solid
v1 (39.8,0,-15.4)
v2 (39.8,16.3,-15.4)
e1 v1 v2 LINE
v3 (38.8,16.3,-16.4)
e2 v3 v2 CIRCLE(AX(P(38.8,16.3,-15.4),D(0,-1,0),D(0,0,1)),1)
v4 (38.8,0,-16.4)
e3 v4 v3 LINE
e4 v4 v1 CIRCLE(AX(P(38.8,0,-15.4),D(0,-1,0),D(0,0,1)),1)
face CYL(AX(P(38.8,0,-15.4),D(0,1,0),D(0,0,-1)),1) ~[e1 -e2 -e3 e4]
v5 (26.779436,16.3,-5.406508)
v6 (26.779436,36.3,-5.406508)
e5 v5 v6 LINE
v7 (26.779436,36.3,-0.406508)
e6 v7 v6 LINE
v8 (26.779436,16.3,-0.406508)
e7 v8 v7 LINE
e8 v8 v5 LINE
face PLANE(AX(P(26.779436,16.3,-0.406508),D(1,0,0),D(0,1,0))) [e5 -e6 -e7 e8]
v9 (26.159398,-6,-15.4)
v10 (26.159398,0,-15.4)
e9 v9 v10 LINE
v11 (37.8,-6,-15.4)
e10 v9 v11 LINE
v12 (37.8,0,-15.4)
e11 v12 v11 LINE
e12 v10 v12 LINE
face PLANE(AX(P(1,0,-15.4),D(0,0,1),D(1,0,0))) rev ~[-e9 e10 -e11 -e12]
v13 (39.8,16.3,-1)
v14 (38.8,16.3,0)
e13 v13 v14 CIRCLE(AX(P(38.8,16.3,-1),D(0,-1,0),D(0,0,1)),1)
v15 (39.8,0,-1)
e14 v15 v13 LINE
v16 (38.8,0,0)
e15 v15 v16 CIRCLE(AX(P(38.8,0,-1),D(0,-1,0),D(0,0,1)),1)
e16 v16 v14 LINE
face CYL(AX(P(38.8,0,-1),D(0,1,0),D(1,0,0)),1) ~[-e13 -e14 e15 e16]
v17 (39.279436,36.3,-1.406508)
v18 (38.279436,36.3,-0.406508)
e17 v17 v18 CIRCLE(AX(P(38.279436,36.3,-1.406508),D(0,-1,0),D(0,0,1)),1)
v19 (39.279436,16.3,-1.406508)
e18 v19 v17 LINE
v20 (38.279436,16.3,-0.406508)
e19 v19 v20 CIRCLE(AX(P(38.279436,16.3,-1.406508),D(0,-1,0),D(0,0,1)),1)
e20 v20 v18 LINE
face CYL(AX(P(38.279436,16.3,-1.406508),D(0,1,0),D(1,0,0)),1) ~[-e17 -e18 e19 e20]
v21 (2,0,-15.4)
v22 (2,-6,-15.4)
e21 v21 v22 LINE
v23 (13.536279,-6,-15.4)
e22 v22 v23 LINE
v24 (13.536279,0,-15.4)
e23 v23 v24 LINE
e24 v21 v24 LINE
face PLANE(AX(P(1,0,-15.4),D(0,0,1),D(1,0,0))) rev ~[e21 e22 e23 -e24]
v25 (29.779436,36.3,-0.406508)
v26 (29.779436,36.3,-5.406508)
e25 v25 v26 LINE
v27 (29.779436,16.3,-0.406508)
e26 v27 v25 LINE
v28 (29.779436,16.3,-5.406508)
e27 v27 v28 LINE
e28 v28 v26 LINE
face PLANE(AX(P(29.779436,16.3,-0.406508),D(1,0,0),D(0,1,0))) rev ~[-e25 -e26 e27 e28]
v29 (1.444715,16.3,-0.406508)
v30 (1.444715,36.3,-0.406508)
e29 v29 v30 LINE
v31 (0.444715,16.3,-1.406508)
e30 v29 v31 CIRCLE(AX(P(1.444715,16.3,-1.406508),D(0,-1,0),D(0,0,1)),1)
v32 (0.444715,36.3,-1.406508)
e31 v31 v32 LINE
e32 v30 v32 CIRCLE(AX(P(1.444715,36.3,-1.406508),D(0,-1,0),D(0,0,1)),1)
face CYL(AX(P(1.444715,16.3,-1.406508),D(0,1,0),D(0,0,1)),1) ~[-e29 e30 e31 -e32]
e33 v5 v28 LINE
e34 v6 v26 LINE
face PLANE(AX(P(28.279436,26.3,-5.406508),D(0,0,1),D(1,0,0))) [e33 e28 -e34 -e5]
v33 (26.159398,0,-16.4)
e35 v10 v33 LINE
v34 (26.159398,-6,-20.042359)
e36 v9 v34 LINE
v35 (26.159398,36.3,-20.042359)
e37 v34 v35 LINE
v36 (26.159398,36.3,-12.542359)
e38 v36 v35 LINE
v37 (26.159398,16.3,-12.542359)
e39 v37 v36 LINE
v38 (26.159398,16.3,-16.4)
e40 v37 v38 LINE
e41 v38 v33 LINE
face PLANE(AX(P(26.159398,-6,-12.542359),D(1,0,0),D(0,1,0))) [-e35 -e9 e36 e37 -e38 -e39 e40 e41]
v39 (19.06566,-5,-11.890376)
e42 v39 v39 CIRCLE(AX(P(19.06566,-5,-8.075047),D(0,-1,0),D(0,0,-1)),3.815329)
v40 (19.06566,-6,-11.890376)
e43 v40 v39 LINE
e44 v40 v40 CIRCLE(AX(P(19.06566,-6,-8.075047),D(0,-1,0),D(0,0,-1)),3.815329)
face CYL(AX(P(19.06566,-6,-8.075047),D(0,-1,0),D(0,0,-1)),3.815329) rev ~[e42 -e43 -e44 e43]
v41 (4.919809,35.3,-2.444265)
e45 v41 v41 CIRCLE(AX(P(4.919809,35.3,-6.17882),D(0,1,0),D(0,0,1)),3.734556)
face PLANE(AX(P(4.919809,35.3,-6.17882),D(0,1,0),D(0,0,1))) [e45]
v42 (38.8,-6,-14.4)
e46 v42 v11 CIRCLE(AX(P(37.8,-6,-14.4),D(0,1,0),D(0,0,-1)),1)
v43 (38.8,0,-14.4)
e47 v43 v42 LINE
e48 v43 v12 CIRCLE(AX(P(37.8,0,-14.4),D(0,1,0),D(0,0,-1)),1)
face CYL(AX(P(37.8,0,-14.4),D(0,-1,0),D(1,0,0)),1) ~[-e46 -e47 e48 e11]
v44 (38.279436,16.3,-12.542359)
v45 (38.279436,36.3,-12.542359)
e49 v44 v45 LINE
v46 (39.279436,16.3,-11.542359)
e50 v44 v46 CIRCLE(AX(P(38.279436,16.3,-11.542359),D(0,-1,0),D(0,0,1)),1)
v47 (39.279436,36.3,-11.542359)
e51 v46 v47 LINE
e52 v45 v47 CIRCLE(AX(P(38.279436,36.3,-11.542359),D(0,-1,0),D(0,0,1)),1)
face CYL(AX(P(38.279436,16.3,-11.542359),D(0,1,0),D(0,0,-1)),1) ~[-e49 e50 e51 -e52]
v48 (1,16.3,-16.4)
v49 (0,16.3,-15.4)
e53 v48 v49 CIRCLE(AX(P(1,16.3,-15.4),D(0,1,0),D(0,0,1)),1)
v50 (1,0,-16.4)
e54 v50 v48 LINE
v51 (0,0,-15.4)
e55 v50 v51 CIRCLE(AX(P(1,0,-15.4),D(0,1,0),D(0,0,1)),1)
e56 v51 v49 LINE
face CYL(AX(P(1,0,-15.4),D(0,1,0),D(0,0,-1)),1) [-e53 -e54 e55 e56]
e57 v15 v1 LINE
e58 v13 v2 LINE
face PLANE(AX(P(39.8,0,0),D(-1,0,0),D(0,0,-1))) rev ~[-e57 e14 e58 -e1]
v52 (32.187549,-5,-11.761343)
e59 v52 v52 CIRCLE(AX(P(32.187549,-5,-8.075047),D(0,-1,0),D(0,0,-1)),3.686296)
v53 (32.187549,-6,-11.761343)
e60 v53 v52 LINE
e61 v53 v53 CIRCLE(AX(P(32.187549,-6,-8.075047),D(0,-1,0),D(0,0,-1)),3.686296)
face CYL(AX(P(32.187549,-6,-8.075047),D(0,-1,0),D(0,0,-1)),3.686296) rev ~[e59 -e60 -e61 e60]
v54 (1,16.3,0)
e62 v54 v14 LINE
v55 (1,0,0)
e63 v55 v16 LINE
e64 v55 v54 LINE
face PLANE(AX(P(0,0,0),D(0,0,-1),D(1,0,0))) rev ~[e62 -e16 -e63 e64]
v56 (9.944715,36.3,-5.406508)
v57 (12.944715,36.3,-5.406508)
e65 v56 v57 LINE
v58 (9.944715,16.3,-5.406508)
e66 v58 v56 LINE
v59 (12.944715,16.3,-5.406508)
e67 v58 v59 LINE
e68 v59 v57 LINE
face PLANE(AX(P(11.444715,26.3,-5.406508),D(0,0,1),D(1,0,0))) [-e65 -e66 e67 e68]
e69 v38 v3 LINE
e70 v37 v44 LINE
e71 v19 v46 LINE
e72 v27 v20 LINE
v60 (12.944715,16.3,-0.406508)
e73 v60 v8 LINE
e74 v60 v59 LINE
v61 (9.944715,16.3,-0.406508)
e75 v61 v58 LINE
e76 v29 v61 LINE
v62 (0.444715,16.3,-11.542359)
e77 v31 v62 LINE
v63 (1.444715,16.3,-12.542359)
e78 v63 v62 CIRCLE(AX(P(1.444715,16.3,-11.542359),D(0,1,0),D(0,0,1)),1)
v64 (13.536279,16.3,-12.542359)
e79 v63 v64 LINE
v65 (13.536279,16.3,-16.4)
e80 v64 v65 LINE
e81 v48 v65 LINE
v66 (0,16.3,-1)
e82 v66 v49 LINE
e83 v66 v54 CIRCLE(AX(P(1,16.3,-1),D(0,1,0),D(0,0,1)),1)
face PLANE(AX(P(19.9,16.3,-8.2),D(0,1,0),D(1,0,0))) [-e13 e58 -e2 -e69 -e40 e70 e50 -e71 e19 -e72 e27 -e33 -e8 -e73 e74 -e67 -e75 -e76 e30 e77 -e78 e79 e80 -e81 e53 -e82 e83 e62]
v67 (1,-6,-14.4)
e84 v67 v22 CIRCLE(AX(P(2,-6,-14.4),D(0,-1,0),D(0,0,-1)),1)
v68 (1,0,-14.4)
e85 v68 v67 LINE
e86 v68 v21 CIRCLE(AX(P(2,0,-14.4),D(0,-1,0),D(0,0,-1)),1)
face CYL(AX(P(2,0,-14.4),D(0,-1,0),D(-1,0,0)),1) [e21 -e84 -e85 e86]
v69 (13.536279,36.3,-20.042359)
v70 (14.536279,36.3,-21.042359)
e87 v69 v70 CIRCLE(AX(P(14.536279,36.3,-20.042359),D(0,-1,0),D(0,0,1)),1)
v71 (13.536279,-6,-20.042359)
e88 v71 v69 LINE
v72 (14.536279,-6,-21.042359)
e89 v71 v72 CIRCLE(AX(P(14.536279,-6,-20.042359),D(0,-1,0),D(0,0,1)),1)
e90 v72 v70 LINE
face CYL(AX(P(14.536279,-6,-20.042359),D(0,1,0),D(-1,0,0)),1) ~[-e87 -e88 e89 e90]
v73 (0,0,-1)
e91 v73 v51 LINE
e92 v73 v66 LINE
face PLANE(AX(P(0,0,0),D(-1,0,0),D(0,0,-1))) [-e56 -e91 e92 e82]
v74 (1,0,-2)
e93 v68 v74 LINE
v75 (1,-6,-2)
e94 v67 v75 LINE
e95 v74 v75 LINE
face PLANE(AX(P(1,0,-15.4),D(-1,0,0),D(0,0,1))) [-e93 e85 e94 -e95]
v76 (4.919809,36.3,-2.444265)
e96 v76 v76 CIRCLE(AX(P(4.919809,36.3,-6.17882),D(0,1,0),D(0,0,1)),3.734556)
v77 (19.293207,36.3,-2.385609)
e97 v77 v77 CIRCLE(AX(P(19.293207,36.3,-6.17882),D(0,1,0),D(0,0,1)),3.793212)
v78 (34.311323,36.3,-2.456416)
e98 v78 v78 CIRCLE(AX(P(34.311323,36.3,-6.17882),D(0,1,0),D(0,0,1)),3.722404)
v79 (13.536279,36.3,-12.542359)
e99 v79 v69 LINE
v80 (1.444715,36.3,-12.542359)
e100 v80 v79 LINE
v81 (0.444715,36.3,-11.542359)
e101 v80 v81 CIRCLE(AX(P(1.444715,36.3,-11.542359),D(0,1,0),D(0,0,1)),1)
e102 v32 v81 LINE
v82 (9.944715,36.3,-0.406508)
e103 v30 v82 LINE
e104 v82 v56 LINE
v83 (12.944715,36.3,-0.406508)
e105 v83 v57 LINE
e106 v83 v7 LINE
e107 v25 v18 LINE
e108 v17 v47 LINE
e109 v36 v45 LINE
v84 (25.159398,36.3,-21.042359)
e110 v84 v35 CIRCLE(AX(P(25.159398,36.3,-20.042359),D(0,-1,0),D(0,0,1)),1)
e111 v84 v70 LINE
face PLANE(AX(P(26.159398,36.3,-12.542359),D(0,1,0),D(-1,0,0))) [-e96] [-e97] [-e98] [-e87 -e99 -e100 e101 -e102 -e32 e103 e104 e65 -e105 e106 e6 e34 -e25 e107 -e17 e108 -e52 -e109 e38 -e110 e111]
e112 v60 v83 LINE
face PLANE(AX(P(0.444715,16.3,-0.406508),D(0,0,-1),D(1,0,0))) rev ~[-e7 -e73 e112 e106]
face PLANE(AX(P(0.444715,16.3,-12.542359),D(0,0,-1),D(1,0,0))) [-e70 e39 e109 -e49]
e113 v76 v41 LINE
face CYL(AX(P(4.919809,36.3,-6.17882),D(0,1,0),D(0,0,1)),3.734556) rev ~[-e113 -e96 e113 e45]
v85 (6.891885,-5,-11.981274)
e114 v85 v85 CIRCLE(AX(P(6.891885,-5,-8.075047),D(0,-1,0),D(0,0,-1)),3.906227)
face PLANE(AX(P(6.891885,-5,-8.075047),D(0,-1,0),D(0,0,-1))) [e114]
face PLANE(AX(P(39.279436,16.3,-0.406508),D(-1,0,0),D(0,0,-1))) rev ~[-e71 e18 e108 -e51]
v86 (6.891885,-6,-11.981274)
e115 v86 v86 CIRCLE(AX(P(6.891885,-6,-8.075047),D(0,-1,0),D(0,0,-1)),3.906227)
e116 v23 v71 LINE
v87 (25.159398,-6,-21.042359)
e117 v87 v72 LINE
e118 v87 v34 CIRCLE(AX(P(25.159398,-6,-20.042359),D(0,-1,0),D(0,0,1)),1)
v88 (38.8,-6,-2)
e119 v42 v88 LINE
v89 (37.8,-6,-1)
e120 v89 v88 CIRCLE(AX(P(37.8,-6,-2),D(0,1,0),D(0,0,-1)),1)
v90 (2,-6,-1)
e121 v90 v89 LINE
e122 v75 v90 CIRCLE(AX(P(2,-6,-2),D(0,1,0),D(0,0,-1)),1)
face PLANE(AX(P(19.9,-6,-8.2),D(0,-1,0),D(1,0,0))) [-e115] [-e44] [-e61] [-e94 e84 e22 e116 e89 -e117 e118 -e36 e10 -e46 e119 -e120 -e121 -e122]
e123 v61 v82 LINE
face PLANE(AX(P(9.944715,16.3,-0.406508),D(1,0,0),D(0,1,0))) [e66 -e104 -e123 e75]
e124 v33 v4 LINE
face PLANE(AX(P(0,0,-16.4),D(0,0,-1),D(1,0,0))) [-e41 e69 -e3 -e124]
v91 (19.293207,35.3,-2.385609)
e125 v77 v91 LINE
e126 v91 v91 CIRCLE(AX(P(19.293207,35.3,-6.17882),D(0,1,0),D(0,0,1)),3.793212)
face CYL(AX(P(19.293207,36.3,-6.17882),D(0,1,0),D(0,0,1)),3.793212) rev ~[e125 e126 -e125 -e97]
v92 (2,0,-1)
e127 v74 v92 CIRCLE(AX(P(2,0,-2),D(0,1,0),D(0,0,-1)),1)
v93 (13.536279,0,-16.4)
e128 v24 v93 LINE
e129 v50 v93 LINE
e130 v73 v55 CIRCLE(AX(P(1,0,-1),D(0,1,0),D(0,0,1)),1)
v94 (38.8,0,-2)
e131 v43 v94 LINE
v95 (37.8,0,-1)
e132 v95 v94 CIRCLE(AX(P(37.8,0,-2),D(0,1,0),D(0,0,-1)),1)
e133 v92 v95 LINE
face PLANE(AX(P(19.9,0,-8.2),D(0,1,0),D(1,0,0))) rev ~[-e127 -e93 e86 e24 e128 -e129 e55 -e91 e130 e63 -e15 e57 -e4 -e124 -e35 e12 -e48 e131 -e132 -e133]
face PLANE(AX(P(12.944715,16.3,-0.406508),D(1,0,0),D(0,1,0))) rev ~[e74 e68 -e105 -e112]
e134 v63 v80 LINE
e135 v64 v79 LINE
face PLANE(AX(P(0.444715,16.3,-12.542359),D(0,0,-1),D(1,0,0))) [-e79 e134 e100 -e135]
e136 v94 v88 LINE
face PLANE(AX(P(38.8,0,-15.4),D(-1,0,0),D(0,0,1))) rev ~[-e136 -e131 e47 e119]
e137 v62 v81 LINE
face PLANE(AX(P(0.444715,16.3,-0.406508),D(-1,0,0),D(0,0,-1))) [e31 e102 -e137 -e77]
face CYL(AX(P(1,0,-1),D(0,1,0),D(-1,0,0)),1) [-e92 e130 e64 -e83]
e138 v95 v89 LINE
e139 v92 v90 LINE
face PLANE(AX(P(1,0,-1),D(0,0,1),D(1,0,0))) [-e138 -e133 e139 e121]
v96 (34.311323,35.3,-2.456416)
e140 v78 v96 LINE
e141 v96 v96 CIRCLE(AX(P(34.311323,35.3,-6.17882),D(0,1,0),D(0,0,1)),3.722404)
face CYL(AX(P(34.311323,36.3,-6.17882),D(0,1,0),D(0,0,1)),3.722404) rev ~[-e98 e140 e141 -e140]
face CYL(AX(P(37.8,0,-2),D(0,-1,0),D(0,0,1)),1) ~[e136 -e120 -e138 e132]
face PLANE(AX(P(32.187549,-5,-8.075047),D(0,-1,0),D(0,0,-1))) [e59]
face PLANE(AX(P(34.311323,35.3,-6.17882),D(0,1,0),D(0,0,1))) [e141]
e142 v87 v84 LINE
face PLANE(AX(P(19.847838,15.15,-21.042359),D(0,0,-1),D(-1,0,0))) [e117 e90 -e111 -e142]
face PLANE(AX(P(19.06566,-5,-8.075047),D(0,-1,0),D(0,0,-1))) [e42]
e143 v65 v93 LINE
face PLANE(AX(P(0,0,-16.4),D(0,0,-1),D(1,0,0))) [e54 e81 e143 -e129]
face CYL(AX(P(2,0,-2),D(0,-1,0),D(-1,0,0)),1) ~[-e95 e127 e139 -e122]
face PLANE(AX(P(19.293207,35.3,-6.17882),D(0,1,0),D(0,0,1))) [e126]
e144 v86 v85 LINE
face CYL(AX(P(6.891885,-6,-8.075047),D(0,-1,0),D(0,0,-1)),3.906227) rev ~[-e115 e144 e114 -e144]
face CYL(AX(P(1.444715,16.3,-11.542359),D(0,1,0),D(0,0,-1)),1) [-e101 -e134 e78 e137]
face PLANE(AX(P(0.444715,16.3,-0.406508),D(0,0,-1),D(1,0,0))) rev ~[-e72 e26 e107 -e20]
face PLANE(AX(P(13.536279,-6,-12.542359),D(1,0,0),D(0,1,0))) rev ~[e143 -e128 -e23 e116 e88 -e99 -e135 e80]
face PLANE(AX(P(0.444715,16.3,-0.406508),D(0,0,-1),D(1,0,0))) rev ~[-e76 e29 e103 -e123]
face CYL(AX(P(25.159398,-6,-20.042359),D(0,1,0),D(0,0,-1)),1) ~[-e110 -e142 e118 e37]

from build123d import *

# Parameters (mm, degrees)
SKETCH_1_W          = 39.8
SKETCH_1_H          = 16.4
EXTRUDE_1_DEPTH     = 16.3
SKETCH_2_W          = 37.8
SKETCH_2_H          = 14.4
EXTRUDE_2_DEPTH     = 6
SKETCH_3_W          = 38.834721862
SKETCH_3_H          = 12.135850582
EXTRUDE_3_DEPTH     = 20
SKETCH_4_W          = 12.623118615
SKETCH_4_H          = 42.3
EXTRUDE_4_DEPTH     = 8.5
SKETCH_5_W          = 3
SKETCH_5_H          = 20
CUT_EXTRUDE_2_DEPTH = 5
SKETCH_6_R          = 3.734555691
SKETCH_6_R_2        = 3.793211722
SKETCH_6_R_3        = 3.72240449
CUT_EXTRUDE_3_DEPTH = 1
SKETCH_7_R          = 3.906226906
SKETCH_7_R_2        = 3.81532866
SKETCH_7_R_3        = 3.686295828
CUT_EXTRUDE_4_DEPTH = 1
FILLET_1_R          = 1


with BuildPart() as part:
    # ｽｹｯﾁ1 → ﾎﾞｽ - 押し出し1 (new body)
    with BuildSketch(Plane(origin=(0, 0, 0), x_dir=(1, 0, 0), z_dir=(0, 1, 0))):
        with Locations((19.9, 8.2)):
            Rectangle(SKETCH_1_W, SKETCH_1_H)
    extrude(amount=EXTRUDE_1_DEPTH)

    # ｽｹｯﾁ2 → ﾎﾞｽ - 押し出し2 (add)
    with BuildSketch(Plane.XZ):
        with Locations((19.9, -8.2)):
            Rectangle(SKETCH_2_W, SKETCH_2_H)
    extrude(amount=EXTRUDE_2_DEPTH)

    # ｽｹｯﾁ3 → ﾎﾞｽ - 押し出し3 (add)
    with BuildSketch(Plane(origin=(0, 16.3, 0), x_dir=(1, 0, 0), z_dir=(0, 1, 0))):
        with Locations((19.862075467, 6.474433745)):
            Rectangle(SKETCH_3_W, SKETCH_3_H)
    extrude(amount=EXTRUDE_3_DEPTH)

    # ｽｹｯﾁ4 → ﾎﾞｽ - 押し出し4 (add)
    with BuildSketch(Plane(origin=(0, 0, -12.542359036), x_dir=(-1, 0, 0), z_dir=(0, 0, -1))):
        with Locations((-19.847838353, 15.15)):
            Rectangle(SKETCH_4_W, SKETCH_4_H)
    extrude(amount=EXTRUDE_4_DEPTH)

    # ｽｹｯﾁ5 → ｶｯﾄ - 押し出し2 (cut)
    with BuildSketch(Plane.XY.offset(-0.406508454)):
        with Locations((11.444714536, 26.3)):
            Rectangle(SKETCH_5_W, SKETCH_5_H)
        with Locations((28.279436398, 26.3)):
            Rectangle(SKETCH_5_W, SKETCH_5_H)
    extrude(amount=-CUT_EXTRUDE_2_DEPTH, mode=Mode.SUBTRACT)

    # ｽｹｯﾁ6 → ｶｯﾄ - 押し出し3 (cut)
    with BuildSketch(Plane(origin=(0, 36.3, 0), x_dir=(1, 0, 0), z_dir=(0, 1, 0))):
        with Locations(Location((4.919809438, 6.178820482, 0), (0, 0, 270))):
            Circle(SKETCH_6_R)
        with Locations(Location((19.293207471, 6.178820482, 0), (0, 0, 270))):
            Circle(SKETCH_6_R_2)
        with Locations(Location((34.311322566, 6.178820482, 0), (0, 0, 270))):
            Circle(SKETCH_6_R_3)
    extrude(amount=-CUT_EXTRUDE_3_DEPTH, mode=Mode.SUBTRACT)

    # ｽｹｯﾁ7 → ｶｯﾄ - 押し出し4 (cut)
    with BuildSketch(Plane.XZ.offset(6)):
        with Locations(Location((6.891885157, -8.075047135, 0), (0, 0, 270))):
            Circle(SKETCH_7_R)
        with Locations(Location((19.065660272, -8.075047135, 0), (0, 0, 270))):
            Circle(SKETCH_7_R_2)
        with Locations(Location((32.187548714, -8.075047135, 0), (0, 0, 270))):
            Circle(SKETCH_7_R_3)
    extrude(amount=-CUT_EXTRUDE_4_DEPTH, mode=Mode.SUBTRACT)

    # ﾌｨﾚｯﾄ1
    fillet_1_edges = [part.edges().sort_by_distance(p)[0] for p in [
        (38.8, -3, -1),
        (1, -3, -1),
        (1, -3, -15.4),
        (38.8, -3, -15.4),
        (0.444714536, 26.3, -12.542359036),
        (0.444714536, 26.3, -0.406508454),
        (39.279436398, 26.3, -0.406508454),
        (39.279436398, 26.3, -12.542359036),
        (26.15939766, 15.15, -21.042359036),
        (13.536279045, 15.15, -21.042359036),
        (0, 8.15, -16.4),
        (39.8, 8.15, -16.4),
        (39.8, 8.15, 0),
        (0, 8.15, 0),
    ]]
    fillet(fillet_1_edges, radius=FILLET_1_R)


solid = part.part
